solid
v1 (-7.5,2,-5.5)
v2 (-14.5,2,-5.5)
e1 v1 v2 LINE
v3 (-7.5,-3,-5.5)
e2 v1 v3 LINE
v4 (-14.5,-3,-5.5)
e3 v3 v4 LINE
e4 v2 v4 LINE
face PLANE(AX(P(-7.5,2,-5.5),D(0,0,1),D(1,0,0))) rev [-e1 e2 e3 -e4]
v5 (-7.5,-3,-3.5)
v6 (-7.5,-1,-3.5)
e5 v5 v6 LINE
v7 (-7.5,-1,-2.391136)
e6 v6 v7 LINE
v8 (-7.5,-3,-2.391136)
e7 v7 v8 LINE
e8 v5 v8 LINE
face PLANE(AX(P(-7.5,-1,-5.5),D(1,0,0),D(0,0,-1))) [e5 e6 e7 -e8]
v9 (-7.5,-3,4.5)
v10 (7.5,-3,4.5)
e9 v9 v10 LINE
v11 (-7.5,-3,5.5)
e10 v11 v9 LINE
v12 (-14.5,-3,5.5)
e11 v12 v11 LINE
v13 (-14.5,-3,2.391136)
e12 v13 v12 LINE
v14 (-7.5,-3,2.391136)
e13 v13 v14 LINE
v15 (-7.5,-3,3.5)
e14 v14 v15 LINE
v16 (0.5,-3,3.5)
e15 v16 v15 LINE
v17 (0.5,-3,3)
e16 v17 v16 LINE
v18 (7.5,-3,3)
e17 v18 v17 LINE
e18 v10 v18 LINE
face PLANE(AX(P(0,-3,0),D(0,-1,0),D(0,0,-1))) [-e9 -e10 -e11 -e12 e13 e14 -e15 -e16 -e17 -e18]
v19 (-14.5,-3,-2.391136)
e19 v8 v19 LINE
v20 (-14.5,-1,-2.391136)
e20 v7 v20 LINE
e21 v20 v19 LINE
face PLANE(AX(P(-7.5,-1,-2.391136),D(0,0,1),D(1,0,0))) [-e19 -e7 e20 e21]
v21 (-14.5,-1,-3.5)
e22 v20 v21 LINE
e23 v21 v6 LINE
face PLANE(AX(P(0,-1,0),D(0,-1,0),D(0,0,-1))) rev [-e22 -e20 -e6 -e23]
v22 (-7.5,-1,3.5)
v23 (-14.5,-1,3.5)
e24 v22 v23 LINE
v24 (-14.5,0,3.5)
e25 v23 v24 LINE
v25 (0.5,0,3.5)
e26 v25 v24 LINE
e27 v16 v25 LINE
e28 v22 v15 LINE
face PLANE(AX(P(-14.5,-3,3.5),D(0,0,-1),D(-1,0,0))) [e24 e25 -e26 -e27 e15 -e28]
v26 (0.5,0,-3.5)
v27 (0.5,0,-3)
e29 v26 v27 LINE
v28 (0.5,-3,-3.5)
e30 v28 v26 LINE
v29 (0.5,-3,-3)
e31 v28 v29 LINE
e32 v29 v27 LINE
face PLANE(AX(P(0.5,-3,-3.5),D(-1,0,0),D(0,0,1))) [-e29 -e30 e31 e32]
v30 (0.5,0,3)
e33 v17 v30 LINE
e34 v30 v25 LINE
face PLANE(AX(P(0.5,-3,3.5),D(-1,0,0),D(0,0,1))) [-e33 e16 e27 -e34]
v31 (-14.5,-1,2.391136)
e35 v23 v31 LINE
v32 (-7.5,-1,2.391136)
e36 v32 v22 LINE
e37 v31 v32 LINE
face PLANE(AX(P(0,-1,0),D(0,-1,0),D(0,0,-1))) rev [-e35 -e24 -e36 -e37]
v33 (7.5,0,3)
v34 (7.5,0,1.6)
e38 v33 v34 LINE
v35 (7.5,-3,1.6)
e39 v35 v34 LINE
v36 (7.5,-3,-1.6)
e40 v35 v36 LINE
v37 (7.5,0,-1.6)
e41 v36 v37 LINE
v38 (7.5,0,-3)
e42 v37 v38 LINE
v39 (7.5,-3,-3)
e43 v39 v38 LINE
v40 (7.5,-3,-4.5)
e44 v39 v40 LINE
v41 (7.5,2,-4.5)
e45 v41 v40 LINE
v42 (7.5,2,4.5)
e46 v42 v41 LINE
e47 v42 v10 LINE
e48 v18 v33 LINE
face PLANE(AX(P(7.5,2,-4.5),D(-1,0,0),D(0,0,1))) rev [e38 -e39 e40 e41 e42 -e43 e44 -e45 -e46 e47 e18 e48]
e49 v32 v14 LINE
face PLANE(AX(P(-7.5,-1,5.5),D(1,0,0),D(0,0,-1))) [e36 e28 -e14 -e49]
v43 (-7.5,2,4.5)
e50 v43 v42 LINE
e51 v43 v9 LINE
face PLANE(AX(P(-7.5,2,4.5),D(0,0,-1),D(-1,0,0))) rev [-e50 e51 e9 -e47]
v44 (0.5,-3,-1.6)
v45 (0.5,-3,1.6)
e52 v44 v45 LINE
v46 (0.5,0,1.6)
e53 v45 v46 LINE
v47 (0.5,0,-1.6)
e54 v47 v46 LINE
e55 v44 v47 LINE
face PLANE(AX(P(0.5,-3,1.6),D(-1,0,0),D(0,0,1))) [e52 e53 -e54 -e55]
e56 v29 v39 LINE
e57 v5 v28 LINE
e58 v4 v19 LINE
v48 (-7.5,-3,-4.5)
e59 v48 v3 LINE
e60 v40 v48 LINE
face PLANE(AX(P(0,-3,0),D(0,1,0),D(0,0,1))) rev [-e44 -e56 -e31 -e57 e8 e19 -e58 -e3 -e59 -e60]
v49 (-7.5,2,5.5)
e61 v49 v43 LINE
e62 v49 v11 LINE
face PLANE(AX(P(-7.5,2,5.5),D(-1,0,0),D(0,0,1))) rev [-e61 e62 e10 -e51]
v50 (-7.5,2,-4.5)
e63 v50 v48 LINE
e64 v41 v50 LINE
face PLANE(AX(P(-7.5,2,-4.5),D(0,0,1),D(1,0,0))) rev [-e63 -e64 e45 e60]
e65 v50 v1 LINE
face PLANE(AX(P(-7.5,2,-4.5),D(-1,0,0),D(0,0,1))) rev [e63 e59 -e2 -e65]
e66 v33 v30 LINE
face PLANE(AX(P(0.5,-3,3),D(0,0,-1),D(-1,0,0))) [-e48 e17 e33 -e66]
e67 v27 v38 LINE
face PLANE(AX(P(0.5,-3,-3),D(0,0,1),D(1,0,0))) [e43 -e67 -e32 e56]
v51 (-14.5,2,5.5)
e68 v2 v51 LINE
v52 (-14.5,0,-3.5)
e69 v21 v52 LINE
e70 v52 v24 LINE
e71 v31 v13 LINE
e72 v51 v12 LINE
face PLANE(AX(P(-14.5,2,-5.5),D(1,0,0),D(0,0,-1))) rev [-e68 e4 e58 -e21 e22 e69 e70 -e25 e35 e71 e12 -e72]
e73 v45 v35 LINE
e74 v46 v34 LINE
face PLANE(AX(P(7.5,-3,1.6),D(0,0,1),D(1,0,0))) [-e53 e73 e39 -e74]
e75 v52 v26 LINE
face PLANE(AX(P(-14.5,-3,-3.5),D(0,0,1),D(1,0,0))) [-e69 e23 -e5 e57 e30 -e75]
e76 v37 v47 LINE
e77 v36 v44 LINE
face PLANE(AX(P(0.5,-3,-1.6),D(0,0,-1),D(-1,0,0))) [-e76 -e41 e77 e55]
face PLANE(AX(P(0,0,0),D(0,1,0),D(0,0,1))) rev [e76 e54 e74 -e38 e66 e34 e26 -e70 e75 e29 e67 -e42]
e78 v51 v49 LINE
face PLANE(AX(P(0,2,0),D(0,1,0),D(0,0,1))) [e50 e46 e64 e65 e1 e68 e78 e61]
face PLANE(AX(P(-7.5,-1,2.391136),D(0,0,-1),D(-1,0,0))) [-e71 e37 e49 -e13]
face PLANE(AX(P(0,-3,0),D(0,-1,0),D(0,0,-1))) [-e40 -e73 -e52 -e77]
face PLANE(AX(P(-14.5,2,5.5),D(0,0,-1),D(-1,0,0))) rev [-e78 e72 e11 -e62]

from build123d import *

# Parameters (mm, degrees)
BOSS_EXTRUDE1_DEPTH = 2
SKETCH2_W           = 7
SKETCH2_H           = 3.2
BOSS_EXTRUDE2_DEPTH = 3
SKETCH3_W           = 7
SKETCH3_H           = 3.108863517
BOSS_EXTRUDE3_DEPTH = 2


with BuildPart() as part:
    # Sketch1 → Boss-Extrude1 (new body)
    with BuildSketch(Plane(origin=(0, 0, 0), x_dir=(1, 0, 0), z_dir=(0, 1, 0))):
        Polygon((-7.5, -4.5), (7.5, -4.5), (7.5, 4.5), (-7.5, 4.5), (-7.5, 5.5), (-14.5, 5.5), (-14.5, -5.5), (-7.5, -5.5), align=None)
    extrude(amount=BOSS_EXTRUDE1_DEPTH)

    # Sketch2 → Boss-Extrude2 (add)
    with BuildSketch(Plane(origin=(0, 0, 0), x_dir=(1, 0, 0), z_dir=(0, 1, 0))):
        Polygon((7.5, 4.5), (-7.5, 4.5), (-7.5, 5.5), (-14.5, 5.5), (-14.5, 3.5), (0.5, 3.5), (0.5, 3), (7.5, 3), align=None)
        Polygon((7.5, -4.5), (-7.5, -4.5), (-7.5, -5.5), (-14.5, -5.5), (-14.5, -3.5), (0.5, -3.5), (0.5, -3), (7.5, -3), align=None)
        with Locations((4, 0)):
            Rectangle(SKETCH2_W, SKETCH2_H)
    extrude(amount=-BOSS_EXTRUDE2_DEPTH)

    # Sketch3 → Boss-Extrude3 (add)
    with BuildSketch(Plane.XZ.offset(3)):
        with Locations((-11, 3.945568242)):
            Rectangle(SKETCH3_W, SKETCH3_H)
        with Locations((-11, -3.945568242)):
            Rectangle(SKETCH3_W, SKETCH3_H)
    extrude(amount=-BOSS_EXTRUDE3_DEPTH)


solid = part.part
